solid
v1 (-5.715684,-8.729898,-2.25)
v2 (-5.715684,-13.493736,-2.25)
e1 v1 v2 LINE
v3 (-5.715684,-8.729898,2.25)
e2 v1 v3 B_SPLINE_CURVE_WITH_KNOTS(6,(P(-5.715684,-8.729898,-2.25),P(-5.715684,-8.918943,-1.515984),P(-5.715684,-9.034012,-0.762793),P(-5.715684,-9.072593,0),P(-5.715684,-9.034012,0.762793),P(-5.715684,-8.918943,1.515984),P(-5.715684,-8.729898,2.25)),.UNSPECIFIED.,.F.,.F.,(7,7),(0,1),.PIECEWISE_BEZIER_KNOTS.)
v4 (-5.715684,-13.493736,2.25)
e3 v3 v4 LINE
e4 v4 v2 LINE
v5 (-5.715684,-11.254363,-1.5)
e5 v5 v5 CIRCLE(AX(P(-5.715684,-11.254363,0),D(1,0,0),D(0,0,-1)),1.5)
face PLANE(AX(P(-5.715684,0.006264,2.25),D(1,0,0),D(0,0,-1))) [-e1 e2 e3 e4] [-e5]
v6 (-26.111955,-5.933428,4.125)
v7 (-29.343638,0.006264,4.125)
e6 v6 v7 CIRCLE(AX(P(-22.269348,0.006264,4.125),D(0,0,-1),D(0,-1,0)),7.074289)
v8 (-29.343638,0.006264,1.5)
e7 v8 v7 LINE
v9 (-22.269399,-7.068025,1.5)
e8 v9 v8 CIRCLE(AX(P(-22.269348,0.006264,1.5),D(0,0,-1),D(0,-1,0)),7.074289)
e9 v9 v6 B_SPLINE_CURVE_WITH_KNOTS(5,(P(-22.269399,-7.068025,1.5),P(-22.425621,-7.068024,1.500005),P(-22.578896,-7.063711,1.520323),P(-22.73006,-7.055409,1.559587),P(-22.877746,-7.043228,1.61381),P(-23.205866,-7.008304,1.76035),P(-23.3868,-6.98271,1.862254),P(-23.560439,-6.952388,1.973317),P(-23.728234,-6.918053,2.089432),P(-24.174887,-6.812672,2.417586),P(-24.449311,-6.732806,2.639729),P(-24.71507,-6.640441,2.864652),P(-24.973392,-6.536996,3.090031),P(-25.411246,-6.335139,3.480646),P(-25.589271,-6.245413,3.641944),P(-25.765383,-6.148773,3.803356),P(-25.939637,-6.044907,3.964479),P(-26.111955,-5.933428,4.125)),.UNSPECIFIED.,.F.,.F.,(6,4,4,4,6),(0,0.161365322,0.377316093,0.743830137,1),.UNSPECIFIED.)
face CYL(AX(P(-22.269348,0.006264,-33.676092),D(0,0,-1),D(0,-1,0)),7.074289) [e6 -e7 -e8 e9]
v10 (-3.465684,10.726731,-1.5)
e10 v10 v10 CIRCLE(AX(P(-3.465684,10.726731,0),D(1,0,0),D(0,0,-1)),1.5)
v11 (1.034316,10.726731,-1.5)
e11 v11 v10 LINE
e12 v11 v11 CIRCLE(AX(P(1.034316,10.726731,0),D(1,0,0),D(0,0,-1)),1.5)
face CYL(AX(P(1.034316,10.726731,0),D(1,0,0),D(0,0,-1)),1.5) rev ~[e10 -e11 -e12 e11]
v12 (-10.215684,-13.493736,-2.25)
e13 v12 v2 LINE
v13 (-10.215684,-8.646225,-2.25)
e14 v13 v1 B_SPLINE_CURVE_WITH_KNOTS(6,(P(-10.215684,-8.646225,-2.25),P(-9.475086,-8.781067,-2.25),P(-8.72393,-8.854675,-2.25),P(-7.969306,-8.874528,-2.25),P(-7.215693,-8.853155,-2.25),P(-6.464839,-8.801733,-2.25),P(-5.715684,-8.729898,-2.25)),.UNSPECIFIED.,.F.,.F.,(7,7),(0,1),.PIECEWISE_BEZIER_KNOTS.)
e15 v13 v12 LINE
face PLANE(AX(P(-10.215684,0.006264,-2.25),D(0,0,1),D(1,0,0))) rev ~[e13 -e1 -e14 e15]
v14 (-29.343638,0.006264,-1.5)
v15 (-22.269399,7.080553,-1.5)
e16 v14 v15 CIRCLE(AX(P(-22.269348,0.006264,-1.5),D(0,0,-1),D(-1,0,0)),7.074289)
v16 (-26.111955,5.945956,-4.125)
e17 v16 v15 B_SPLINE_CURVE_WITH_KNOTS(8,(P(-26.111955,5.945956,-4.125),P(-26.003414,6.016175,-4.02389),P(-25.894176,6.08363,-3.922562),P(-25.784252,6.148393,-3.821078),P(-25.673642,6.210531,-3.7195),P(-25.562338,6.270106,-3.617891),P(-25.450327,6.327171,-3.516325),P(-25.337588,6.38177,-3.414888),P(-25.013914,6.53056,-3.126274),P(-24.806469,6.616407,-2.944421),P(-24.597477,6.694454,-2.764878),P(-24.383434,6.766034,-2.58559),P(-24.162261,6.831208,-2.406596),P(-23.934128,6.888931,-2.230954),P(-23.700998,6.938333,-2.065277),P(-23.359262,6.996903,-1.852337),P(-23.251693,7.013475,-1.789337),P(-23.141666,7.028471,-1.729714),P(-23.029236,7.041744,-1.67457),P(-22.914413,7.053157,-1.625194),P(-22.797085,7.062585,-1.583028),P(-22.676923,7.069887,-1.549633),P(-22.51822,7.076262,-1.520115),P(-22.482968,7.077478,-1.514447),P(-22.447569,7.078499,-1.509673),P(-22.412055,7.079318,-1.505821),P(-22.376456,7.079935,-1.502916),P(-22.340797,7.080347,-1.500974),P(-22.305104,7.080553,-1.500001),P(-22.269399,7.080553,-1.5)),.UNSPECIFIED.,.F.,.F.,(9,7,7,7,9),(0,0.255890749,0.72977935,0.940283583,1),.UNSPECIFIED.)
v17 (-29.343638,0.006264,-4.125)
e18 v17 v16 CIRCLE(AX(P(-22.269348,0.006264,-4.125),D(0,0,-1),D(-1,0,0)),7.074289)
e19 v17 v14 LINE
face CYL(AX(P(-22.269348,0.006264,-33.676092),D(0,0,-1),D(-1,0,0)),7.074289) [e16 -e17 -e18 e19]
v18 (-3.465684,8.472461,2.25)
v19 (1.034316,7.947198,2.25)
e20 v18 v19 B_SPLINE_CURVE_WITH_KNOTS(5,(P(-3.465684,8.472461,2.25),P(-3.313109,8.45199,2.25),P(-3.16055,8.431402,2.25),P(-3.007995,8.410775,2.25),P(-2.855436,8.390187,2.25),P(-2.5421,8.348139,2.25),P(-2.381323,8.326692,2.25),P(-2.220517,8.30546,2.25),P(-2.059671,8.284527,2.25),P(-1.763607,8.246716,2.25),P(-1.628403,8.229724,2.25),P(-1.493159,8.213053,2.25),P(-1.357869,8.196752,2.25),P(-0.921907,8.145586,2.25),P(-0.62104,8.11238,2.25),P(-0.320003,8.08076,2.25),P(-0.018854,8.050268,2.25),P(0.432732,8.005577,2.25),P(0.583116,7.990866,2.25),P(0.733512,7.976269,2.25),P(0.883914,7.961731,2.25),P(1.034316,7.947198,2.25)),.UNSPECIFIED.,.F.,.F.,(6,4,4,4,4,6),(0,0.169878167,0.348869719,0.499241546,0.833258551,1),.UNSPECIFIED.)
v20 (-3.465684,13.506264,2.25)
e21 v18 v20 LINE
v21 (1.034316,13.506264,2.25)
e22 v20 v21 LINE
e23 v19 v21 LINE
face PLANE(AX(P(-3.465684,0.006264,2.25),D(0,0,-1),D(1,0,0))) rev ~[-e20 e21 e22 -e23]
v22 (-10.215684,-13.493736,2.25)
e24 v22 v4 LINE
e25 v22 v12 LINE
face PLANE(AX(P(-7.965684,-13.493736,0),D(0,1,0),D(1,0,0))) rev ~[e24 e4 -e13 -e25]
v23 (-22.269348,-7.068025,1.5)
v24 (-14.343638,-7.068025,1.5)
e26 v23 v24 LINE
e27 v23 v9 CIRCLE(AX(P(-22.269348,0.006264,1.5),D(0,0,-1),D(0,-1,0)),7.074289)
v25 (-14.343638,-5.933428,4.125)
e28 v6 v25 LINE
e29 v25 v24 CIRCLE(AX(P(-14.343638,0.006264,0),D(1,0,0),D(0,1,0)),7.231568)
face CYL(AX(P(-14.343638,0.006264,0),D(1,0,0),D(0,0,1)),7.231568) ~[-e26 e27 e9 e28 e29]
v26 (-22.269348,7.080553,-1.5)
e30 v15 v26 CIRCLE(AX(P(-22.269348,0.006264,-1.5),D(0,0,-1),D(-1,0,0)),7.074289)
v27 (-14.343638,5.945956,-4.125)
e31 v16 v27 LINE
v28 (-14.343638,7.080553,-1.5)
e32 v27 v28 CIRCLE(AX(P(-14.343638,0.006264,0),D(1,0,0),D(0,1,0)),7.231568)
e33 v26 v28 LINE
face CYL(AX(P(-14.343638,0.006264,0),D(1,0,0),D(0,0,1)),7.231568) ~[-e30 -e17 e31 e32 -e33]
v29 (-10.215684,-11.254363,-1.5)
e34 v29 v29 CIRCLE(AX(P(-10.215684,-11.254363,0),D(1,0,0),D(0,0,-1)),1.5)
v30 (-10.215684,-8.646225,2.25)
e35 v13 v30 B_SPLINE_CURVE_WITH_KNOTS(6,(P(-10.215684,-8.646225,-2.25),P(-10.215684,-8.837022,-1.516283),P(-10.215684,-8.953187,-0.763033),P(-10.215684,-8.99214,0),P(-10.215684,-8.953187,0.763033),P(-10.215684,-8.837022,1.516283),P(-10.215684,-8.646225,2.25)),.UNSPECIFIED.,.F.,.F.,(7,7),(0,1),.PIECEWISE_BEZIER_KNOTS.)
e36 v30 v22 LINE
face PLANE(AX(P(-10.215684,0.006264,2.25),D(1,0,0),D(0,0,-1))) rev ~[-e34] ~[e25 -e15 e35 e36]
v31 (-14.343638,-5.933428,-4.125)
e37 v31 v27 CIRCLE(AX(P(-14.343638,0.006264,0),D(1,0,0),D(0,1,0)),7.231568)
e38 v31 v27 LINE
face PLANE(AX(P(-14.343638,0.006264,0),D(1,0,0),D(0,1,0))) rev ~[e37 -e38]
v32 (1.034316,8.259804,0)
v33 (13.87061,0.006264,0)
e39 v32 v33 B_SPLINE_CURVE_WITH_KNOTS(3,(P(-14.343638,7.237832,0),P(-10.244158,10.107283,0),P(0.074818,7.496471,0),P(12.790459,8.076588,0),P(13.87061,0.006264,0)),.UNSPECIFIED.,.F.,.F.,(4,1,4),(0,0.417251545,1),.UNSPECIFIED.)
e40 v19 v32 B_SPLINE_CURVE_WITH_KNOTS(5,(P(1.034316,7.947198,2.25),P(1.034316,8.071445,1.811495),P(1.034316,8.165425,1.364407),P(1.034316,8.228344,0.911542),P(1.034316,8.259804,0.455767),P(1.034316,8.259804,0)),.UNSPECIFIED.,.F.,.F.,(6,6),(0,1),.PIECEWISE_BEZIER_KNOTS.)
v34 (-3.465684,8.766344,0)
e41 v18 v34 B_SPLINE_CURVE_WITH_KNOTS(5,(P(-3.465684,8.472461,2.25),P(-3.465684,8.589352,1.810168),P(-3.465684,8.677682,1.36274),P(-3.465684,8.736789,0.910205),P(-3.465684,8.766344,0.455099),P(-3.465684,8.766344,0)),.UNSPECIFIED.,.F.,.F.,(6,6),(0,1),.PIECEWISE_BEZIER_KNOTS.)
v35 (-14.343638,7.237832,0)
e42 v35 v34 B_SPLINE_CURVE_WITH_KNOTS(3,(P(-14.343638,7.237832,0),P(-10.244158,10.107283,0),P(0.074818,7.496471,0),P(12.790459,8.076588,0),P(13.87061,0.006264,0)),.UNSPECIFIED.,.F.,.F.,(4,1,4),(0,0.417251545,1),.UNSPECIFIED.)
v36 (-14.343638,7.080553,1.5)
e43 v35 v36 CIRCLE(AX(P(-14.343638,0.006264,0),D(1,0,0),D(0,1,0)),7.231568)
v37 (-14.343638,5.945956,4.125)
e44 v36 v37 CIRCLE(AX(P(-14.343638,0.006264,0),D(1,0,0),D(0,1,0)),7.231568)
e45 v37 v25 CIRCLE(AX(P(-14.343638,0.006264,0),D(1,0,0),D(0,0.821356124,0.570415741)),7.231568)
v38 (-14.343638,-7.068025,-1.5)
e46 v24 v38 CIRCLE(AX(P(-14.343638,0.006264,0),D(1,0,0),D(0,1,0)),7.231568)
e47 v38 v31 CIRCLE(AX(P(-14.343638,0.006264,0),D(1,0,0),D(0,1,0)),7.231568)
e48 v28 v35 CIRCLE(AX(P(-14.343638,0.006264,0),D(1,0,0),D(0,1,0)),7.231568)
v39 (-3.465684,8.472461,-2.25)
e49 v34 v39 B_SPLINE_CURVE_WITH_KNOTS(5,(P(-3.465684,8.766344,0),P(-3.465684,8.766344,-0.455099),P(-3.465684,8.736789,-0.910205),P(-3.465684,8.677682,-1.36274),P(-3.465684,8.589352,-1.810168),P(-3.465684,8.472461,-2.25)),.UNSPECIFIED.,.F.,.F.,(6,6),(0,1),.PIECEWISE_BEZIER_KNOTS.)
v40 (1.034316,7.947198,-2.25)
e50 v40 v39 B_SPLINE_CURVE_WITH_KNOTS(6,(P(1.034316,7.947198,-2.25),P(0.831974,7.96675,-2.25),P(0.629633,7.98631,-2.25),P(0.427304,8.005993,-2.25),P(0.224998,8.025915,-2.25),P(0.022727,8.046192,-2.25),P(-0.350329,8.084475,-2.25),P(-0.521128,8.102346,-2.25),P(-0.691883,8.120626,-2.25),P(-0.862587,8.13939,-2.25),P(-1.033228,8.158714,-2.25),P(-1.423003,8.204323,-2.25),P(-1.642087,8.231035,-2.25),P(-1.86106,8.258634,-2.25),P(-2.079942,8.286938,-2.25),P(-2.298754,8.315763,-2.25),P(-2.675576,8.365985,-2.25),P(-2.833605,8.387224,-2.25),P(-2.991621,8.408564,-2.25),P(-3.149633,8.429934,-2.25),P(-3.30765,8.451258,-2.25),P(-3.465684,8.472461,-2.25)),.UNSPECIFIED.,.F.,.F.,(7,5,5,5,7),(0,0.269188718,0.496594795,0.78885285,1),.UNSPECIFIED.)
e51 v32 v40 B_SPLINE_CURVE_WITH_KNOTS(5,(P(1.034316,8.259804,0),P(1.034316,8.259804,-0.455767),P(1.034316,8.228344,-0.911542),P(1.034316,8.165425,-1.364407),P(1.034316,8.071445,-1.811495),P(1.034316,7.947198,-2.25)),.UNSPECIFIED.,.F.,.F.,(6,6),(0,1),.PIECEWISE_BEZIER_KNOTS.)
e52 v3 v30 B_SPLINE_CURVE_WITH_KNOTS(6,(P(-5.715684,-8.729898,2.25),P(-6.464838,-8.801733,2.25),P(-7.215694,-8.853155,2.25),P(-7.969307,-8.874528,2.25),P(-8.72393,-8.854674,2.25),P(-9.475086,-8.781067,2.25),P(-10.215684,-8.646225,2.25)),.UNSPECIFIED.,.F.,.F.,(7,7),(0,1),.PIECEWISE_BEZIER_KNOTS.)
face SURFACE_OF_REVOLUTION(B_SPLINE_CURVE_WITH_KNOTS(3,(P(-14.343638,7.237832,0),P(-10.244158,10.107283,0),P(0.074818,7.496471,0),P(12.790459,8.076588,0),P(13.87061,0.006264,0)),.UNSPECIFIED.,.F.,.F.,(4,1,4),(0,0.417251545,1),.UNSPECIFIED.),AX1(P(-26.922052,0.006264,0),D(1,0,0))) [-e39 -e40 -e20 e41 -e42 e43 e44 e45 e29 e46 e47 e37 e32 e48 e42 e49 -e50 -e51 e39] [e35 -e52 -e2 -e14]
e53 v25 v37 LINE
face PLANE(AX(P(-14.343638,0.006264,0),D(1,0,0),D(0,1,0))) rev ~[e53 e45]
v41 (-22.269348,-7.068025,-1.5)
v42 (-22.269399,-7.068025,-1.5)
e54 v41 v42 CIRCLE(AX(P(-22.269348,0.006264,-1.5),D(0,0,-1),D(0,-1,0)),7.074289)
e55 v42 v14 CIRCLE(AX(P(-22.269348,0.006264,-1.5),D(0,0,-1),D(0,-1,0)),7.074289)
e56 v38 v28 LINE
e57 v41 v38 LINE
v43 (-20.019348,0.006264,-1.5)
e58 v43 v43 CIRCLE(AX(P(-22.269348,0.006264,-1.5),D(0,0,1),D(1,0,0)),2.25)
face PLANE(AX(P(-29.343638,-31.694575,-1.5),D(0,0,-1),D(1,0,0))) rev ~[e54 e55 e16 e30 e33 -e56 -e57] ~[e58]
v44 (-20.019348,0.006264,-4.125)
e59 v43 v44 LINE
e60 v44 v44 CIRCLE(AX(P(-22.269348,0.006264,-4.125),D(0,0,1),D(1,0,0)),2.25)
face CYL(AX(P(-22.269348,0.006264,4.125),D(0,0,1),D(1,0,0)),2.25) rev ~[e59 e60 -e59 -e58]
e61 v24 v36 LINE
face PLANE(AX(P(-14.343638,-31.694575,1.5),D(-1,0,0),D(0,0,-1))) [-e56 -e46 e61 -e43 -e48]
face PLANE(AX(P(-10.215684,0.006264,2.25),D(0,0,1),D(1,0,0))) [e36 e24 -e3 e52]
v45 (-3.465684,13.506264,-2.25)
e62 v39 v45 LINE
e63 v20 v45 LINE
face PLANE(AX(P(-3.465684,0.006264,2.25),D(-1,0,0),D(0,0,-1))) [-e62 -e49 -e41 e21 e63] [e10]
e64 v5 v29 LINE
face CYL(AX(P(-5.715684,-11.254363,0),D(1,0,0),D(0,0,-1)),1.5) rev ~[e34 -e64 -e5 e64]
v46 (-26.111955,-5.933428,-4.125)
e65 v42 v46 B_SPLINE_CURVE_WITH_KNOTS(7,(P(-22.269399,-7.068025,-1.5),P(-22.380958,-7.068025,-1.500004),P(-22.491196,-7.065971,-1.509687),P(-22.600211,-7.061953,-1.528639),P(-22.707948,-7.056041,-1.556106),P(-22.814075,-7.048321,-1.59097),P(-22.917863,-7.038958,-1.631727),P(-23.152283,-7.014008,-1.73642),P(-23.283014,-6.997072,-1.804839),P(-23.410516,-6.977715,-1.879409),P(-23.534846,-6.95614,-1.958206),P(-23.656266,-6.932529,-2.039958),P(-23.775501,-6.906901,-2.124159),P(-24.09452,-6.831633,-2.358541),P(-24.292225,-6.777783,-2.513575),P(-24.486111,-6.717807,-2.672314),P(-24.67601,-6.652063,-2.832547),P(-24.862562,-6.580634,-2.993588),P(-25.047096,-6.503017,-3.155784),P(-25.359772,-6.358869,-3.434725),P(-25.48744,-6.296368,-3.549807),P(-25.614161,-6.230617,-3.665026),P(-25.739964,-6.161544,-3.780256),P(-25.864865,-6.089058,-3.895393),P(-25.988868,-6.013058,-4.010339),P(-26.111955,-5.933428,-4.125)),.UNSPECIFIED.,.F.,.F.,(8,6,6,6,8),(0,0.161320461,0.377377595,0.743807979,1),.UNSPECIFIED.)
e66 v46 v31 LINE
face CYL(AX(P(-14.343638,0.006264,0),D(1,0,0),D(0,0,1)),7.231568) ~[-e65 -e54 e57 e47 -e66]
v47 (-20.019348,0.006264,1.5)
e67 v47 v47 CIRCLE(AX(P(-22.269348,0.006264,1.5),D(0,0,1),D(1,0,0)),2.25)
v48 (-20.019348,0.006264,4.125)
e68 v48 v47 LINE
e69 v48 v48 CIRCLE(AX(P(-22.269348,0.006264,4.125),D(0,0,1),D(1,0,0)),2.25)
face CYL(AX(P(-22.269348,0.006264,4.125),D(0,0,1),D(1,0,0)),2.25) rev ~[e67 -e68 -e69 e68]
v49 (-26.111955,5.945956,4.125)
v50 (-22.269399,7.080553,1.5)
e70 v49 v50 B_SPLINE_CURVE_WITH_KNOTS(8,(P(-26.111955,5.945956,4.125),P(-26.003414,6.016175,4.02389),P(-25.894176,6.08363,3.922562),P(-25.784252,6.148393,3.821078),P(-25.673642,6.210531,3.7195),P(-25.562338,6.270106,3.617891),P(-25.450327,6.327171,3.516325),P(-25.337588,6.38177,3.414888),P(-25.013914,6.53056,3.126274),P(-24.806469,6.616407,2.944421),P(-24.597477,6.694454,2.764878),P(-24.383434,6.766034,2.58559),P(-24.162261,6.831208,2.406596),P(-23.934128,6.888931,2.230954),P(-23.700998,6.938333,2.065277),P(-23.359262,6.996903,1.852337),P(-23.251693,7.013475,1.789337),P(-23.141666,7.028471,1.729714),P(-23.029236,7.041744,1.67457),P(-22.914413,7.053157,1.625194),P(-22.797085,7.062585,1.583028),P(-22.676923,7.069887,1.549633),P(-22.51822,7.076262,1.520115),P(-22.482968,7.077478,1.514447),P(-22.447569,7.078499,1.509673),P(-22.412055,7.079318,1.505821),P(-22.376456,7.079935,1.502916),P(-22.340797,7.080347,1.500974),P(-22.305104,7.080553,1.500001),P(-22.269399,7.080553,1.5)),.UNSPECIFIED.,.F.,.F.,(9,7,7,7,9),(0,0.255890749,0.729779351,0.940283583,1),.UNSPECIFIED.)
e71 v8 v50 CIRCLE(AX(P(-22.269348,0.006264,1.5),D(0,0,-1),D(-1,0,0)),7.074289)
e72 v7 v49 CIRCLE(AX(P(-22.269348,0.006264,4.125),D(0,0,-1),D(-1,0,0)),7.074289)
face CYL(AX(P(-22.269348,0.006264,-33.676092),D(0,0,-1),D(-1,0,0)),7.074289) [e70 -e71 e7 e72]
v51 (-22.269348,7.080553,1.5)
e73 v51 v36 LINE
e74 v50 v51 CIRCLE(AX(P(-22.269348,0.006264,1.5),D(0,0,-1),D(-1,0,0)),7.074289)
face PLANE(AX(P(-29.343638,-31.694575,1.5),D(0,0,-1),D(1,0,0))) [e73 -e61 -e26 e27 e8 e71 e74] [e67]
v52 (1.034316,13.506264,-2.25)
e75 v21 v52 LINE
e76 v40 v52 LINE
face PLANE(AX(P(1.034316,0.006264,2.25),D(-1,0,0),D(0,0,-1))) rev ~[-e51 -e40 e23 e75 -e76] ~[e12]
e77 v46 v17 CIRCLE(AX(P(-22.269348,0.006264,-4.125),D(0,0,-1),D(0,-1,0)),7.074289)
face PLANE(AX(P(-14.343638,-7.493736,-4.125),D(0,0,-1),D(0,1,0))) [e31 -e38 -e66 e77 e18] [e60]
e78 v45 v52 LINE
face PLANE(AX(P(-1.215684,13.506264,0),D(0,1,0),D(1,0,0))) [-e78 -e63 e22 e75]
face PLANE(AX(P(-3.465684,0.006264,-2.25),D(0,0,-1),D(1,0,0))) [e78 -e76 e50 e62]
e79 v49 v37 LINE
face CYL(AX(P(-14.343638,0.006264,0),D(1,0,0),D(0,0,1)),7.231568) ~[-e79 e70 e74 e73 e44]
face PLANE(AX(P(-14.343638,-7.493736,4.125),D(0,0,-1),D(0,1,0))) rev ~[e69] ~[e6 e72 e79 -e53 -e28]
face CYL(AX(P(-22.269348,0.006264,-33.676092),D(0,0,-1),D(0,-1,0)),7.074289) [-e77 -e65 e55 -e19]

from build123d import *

# Parameters (mm, degrees)
SKETCH2_W               = 11
SKETCH2_H               = 20
BOSS_EXTRUDE1_DEPTH     = 20
SKETCH3_R               = 15
SKETCH3_R_2             = 9.642090149
CUT_EXTRUDE1_DEPTH      = 42.372377867
CUT_EXTRUDE2_DEPTH      = 42.267785166
CUT_EXTRUDE2_DEPTH_BACK = 42.267785166
SKETCH4_W               = 20
SKETCH4_H               = 4
CUT_EXTRUDE3_DEPTH      = 42.901456055
CUT_EXTRUDE3_DEPTH_BACK = 42.901456055
SKETCH7_R               = 3
CUT_EXTRUDE4_DEPTH      = 44.211230012
SKETCH10_W              = 6
SKETCH10_H              = 6
BOSS_EXTRUDE3_DEPTH     = 18
SKETCH11_R              = 2
CUT_EXTRUDE6_DEPTH      = 39.271928202
SKETCH8_W               = 6
SKETCH8_H               = 6
BOSS_EXTRUDE4_DEPTH     = 18
SKETCH12_R              = 2
CUT_EXTRUDE7_DEPTH      = 46.965327997
SCALE1_SCALE            = 0.75


with BuildPart() as part:
    # Sketch1 → Revolve1 (revolve)
    with BuildSketch(Plane.XY):
        with BuildLine():
            Line((-17.503938211, 9.642090149), (-17.503938211, 0))
            Line((-17.503938211, 0), (20.115058741, 0))
            add(Edge.make_bspline(
                [(-17.503938211, 9.642090149), (-12.037965172, 13.468024809), (1.720669261, 9.986942396), (18.674857326, 10.7604322), (20.115058741, 0)],
                knots=[0, 0, 0, 0, 0.417251545, 1, 1, 1, 1], degree=3))
        make_face()
    revolve(axis=Axis((-34.275157211, 0, 0), (1, 0, 0)))

    # Sketch2 → Boss-Extrude1 (add)
    with BuildSketch(Plane.ZY.offset(17.503938211)):
        Rectangle(SKETCH2_W, SKETCH2_H)
    extrude(amount=BOSS_EXTRUDE1_DEPTH)

    # Sketch3 → Cut-Extrude1 (cut, through all)
    with BuildSketch(Plane.ZY.offset(17.503938211)):
        Circle(SKETCH3_R)
        Circle(SKETCH3_R_2, mode=Mode.SUBTRACT)
    extrude(amount=CUT_EXTRUDE1_DEPTH, mode=Mode.SUBTRACT)

    # Sketch4 → Cut-Extrude2 (cut, two sides: drawn at the far end of the back side and taken through both)
    with BuildSketch(Plane(origin=(0, 0, 0), x_dir=(1, 0, 0), z_dir=(0, 1, 0)).offset(-CUT_EXTRUDE2_DEPTH_BACK)):
        with Locations((-27.503938211, 0)):
            Rectangle(SKETCH4_W, SKETCH4_H)
    extrude(amount=CUT_EXTRUDE2_DEPTH + CUT_EXTRUDE2_DEPTH_BACK, mode=Mode.SUBTRACT)

    # Sketch6 → Cut-Extrude3 (cut, two sides: drawn at the far end of the back side and taken through both)
    with BuildSketch(Plane.XY.offset(-2).offset(-CUT_EXTRUDE3_DEPTH_BACK)):
        with BuildLine():
            Line((-37.503938211, -9.43238583), (-28.071552381, -9.43238583))
            ThreePointArc((-28.071552381, -9.43238583), (-34.741256364, -6.669703983), (-37.503938211, 0))
            Line((-37.503938211, 0), (-37.503938211, -9.43238583))
        make_face()
        with BuildLine():
            Line((-37.503938211, 9.43238583), (-37.503938211, 0))
            ThreePointArc((-37.503938211, 0), (-34.741256364, 6.669703983), (-28.071552381, 9.43238583))
            Line((-28.071552381, 9.43238583), (-37.503938211, 9.43238583))
        make_face()
    extrude(amount=CUT_EXTRUDE3_DEPTH + CUT_EXTRUDE3_DEPTH_BACK, mode=Mode.SUBTRACT)

    # Sketch7 → Cut-Extrude4 (cut, through all)
    with BuildSketch(Plane.XY.offset(5.5)):
        with Locations((-28.071552381, 0)):
            Circle(SKETCH7_R)
    extrude(amount=-CUT_EXTRUDE4_DEPTH, mode=Mode.SUBTRACT)

    # Sketch10 → Boss-Extrude3 (add)
    with BuildSketch(Plane(origin=(0, 0, 0), x_dir=(1, 0, 0), z_dir=(0, 1, 0))):
        with Locations((-9, 0)):
            Rectangle(SKETCH10_W, SKETCH10_H)
    extrude(amount=-BOSS_EXTRUDE3_DEPTH)

    # Sketch11 → Cut-Extrude6 (cut, through all)
    with BuildSketch(Plane(origin=(-6, 0, 0), x_dir=(0, 0, -1), z_dir=(1, 0, 0))):
        with Locations((0, -15.01416918)):
            Circle(SKETCH11_R)
    extrude(amount=-CUT_EXTRUDE6_DEPTH, mode=Mode.SUBTRACT)

    # Sketch8 → Boss-Extrude4 (add)
    with BuildSketch(Plane(origin=(0, 0, 0), x_dir=(1, 0, 0), z_dir=(0, 1, 0))):
        Rectangle(SKETCH8_W, SKETCH8_H)
    extrude(amount=BOSS_EXTRUDE4_DEPTH)

    # Sketch12 → Cut-Extrude7 (cut, through all)
    with BuildSketch(Plane(origin=(3, 0, 0), x_dir=(0, 0, -1), z_dir=(1, 0, 0))):
        with Locations((0, 14.293955788)):
            Circle(SKETCH12_R)
    extrude(amount=-CUT_EXTRUDE7_DEPTH, mode=Mode.SUBTRACT)


with BuildPart() as part_1:
    # Scale1: scaled about (-4.862736276, 0.025056195, 1.7e-08)
    add(part.part.scale(SCALE1_SCALE).moved(Location((-1.215684069, 0.006264049, 4e-09))))


solid = part_1.part
